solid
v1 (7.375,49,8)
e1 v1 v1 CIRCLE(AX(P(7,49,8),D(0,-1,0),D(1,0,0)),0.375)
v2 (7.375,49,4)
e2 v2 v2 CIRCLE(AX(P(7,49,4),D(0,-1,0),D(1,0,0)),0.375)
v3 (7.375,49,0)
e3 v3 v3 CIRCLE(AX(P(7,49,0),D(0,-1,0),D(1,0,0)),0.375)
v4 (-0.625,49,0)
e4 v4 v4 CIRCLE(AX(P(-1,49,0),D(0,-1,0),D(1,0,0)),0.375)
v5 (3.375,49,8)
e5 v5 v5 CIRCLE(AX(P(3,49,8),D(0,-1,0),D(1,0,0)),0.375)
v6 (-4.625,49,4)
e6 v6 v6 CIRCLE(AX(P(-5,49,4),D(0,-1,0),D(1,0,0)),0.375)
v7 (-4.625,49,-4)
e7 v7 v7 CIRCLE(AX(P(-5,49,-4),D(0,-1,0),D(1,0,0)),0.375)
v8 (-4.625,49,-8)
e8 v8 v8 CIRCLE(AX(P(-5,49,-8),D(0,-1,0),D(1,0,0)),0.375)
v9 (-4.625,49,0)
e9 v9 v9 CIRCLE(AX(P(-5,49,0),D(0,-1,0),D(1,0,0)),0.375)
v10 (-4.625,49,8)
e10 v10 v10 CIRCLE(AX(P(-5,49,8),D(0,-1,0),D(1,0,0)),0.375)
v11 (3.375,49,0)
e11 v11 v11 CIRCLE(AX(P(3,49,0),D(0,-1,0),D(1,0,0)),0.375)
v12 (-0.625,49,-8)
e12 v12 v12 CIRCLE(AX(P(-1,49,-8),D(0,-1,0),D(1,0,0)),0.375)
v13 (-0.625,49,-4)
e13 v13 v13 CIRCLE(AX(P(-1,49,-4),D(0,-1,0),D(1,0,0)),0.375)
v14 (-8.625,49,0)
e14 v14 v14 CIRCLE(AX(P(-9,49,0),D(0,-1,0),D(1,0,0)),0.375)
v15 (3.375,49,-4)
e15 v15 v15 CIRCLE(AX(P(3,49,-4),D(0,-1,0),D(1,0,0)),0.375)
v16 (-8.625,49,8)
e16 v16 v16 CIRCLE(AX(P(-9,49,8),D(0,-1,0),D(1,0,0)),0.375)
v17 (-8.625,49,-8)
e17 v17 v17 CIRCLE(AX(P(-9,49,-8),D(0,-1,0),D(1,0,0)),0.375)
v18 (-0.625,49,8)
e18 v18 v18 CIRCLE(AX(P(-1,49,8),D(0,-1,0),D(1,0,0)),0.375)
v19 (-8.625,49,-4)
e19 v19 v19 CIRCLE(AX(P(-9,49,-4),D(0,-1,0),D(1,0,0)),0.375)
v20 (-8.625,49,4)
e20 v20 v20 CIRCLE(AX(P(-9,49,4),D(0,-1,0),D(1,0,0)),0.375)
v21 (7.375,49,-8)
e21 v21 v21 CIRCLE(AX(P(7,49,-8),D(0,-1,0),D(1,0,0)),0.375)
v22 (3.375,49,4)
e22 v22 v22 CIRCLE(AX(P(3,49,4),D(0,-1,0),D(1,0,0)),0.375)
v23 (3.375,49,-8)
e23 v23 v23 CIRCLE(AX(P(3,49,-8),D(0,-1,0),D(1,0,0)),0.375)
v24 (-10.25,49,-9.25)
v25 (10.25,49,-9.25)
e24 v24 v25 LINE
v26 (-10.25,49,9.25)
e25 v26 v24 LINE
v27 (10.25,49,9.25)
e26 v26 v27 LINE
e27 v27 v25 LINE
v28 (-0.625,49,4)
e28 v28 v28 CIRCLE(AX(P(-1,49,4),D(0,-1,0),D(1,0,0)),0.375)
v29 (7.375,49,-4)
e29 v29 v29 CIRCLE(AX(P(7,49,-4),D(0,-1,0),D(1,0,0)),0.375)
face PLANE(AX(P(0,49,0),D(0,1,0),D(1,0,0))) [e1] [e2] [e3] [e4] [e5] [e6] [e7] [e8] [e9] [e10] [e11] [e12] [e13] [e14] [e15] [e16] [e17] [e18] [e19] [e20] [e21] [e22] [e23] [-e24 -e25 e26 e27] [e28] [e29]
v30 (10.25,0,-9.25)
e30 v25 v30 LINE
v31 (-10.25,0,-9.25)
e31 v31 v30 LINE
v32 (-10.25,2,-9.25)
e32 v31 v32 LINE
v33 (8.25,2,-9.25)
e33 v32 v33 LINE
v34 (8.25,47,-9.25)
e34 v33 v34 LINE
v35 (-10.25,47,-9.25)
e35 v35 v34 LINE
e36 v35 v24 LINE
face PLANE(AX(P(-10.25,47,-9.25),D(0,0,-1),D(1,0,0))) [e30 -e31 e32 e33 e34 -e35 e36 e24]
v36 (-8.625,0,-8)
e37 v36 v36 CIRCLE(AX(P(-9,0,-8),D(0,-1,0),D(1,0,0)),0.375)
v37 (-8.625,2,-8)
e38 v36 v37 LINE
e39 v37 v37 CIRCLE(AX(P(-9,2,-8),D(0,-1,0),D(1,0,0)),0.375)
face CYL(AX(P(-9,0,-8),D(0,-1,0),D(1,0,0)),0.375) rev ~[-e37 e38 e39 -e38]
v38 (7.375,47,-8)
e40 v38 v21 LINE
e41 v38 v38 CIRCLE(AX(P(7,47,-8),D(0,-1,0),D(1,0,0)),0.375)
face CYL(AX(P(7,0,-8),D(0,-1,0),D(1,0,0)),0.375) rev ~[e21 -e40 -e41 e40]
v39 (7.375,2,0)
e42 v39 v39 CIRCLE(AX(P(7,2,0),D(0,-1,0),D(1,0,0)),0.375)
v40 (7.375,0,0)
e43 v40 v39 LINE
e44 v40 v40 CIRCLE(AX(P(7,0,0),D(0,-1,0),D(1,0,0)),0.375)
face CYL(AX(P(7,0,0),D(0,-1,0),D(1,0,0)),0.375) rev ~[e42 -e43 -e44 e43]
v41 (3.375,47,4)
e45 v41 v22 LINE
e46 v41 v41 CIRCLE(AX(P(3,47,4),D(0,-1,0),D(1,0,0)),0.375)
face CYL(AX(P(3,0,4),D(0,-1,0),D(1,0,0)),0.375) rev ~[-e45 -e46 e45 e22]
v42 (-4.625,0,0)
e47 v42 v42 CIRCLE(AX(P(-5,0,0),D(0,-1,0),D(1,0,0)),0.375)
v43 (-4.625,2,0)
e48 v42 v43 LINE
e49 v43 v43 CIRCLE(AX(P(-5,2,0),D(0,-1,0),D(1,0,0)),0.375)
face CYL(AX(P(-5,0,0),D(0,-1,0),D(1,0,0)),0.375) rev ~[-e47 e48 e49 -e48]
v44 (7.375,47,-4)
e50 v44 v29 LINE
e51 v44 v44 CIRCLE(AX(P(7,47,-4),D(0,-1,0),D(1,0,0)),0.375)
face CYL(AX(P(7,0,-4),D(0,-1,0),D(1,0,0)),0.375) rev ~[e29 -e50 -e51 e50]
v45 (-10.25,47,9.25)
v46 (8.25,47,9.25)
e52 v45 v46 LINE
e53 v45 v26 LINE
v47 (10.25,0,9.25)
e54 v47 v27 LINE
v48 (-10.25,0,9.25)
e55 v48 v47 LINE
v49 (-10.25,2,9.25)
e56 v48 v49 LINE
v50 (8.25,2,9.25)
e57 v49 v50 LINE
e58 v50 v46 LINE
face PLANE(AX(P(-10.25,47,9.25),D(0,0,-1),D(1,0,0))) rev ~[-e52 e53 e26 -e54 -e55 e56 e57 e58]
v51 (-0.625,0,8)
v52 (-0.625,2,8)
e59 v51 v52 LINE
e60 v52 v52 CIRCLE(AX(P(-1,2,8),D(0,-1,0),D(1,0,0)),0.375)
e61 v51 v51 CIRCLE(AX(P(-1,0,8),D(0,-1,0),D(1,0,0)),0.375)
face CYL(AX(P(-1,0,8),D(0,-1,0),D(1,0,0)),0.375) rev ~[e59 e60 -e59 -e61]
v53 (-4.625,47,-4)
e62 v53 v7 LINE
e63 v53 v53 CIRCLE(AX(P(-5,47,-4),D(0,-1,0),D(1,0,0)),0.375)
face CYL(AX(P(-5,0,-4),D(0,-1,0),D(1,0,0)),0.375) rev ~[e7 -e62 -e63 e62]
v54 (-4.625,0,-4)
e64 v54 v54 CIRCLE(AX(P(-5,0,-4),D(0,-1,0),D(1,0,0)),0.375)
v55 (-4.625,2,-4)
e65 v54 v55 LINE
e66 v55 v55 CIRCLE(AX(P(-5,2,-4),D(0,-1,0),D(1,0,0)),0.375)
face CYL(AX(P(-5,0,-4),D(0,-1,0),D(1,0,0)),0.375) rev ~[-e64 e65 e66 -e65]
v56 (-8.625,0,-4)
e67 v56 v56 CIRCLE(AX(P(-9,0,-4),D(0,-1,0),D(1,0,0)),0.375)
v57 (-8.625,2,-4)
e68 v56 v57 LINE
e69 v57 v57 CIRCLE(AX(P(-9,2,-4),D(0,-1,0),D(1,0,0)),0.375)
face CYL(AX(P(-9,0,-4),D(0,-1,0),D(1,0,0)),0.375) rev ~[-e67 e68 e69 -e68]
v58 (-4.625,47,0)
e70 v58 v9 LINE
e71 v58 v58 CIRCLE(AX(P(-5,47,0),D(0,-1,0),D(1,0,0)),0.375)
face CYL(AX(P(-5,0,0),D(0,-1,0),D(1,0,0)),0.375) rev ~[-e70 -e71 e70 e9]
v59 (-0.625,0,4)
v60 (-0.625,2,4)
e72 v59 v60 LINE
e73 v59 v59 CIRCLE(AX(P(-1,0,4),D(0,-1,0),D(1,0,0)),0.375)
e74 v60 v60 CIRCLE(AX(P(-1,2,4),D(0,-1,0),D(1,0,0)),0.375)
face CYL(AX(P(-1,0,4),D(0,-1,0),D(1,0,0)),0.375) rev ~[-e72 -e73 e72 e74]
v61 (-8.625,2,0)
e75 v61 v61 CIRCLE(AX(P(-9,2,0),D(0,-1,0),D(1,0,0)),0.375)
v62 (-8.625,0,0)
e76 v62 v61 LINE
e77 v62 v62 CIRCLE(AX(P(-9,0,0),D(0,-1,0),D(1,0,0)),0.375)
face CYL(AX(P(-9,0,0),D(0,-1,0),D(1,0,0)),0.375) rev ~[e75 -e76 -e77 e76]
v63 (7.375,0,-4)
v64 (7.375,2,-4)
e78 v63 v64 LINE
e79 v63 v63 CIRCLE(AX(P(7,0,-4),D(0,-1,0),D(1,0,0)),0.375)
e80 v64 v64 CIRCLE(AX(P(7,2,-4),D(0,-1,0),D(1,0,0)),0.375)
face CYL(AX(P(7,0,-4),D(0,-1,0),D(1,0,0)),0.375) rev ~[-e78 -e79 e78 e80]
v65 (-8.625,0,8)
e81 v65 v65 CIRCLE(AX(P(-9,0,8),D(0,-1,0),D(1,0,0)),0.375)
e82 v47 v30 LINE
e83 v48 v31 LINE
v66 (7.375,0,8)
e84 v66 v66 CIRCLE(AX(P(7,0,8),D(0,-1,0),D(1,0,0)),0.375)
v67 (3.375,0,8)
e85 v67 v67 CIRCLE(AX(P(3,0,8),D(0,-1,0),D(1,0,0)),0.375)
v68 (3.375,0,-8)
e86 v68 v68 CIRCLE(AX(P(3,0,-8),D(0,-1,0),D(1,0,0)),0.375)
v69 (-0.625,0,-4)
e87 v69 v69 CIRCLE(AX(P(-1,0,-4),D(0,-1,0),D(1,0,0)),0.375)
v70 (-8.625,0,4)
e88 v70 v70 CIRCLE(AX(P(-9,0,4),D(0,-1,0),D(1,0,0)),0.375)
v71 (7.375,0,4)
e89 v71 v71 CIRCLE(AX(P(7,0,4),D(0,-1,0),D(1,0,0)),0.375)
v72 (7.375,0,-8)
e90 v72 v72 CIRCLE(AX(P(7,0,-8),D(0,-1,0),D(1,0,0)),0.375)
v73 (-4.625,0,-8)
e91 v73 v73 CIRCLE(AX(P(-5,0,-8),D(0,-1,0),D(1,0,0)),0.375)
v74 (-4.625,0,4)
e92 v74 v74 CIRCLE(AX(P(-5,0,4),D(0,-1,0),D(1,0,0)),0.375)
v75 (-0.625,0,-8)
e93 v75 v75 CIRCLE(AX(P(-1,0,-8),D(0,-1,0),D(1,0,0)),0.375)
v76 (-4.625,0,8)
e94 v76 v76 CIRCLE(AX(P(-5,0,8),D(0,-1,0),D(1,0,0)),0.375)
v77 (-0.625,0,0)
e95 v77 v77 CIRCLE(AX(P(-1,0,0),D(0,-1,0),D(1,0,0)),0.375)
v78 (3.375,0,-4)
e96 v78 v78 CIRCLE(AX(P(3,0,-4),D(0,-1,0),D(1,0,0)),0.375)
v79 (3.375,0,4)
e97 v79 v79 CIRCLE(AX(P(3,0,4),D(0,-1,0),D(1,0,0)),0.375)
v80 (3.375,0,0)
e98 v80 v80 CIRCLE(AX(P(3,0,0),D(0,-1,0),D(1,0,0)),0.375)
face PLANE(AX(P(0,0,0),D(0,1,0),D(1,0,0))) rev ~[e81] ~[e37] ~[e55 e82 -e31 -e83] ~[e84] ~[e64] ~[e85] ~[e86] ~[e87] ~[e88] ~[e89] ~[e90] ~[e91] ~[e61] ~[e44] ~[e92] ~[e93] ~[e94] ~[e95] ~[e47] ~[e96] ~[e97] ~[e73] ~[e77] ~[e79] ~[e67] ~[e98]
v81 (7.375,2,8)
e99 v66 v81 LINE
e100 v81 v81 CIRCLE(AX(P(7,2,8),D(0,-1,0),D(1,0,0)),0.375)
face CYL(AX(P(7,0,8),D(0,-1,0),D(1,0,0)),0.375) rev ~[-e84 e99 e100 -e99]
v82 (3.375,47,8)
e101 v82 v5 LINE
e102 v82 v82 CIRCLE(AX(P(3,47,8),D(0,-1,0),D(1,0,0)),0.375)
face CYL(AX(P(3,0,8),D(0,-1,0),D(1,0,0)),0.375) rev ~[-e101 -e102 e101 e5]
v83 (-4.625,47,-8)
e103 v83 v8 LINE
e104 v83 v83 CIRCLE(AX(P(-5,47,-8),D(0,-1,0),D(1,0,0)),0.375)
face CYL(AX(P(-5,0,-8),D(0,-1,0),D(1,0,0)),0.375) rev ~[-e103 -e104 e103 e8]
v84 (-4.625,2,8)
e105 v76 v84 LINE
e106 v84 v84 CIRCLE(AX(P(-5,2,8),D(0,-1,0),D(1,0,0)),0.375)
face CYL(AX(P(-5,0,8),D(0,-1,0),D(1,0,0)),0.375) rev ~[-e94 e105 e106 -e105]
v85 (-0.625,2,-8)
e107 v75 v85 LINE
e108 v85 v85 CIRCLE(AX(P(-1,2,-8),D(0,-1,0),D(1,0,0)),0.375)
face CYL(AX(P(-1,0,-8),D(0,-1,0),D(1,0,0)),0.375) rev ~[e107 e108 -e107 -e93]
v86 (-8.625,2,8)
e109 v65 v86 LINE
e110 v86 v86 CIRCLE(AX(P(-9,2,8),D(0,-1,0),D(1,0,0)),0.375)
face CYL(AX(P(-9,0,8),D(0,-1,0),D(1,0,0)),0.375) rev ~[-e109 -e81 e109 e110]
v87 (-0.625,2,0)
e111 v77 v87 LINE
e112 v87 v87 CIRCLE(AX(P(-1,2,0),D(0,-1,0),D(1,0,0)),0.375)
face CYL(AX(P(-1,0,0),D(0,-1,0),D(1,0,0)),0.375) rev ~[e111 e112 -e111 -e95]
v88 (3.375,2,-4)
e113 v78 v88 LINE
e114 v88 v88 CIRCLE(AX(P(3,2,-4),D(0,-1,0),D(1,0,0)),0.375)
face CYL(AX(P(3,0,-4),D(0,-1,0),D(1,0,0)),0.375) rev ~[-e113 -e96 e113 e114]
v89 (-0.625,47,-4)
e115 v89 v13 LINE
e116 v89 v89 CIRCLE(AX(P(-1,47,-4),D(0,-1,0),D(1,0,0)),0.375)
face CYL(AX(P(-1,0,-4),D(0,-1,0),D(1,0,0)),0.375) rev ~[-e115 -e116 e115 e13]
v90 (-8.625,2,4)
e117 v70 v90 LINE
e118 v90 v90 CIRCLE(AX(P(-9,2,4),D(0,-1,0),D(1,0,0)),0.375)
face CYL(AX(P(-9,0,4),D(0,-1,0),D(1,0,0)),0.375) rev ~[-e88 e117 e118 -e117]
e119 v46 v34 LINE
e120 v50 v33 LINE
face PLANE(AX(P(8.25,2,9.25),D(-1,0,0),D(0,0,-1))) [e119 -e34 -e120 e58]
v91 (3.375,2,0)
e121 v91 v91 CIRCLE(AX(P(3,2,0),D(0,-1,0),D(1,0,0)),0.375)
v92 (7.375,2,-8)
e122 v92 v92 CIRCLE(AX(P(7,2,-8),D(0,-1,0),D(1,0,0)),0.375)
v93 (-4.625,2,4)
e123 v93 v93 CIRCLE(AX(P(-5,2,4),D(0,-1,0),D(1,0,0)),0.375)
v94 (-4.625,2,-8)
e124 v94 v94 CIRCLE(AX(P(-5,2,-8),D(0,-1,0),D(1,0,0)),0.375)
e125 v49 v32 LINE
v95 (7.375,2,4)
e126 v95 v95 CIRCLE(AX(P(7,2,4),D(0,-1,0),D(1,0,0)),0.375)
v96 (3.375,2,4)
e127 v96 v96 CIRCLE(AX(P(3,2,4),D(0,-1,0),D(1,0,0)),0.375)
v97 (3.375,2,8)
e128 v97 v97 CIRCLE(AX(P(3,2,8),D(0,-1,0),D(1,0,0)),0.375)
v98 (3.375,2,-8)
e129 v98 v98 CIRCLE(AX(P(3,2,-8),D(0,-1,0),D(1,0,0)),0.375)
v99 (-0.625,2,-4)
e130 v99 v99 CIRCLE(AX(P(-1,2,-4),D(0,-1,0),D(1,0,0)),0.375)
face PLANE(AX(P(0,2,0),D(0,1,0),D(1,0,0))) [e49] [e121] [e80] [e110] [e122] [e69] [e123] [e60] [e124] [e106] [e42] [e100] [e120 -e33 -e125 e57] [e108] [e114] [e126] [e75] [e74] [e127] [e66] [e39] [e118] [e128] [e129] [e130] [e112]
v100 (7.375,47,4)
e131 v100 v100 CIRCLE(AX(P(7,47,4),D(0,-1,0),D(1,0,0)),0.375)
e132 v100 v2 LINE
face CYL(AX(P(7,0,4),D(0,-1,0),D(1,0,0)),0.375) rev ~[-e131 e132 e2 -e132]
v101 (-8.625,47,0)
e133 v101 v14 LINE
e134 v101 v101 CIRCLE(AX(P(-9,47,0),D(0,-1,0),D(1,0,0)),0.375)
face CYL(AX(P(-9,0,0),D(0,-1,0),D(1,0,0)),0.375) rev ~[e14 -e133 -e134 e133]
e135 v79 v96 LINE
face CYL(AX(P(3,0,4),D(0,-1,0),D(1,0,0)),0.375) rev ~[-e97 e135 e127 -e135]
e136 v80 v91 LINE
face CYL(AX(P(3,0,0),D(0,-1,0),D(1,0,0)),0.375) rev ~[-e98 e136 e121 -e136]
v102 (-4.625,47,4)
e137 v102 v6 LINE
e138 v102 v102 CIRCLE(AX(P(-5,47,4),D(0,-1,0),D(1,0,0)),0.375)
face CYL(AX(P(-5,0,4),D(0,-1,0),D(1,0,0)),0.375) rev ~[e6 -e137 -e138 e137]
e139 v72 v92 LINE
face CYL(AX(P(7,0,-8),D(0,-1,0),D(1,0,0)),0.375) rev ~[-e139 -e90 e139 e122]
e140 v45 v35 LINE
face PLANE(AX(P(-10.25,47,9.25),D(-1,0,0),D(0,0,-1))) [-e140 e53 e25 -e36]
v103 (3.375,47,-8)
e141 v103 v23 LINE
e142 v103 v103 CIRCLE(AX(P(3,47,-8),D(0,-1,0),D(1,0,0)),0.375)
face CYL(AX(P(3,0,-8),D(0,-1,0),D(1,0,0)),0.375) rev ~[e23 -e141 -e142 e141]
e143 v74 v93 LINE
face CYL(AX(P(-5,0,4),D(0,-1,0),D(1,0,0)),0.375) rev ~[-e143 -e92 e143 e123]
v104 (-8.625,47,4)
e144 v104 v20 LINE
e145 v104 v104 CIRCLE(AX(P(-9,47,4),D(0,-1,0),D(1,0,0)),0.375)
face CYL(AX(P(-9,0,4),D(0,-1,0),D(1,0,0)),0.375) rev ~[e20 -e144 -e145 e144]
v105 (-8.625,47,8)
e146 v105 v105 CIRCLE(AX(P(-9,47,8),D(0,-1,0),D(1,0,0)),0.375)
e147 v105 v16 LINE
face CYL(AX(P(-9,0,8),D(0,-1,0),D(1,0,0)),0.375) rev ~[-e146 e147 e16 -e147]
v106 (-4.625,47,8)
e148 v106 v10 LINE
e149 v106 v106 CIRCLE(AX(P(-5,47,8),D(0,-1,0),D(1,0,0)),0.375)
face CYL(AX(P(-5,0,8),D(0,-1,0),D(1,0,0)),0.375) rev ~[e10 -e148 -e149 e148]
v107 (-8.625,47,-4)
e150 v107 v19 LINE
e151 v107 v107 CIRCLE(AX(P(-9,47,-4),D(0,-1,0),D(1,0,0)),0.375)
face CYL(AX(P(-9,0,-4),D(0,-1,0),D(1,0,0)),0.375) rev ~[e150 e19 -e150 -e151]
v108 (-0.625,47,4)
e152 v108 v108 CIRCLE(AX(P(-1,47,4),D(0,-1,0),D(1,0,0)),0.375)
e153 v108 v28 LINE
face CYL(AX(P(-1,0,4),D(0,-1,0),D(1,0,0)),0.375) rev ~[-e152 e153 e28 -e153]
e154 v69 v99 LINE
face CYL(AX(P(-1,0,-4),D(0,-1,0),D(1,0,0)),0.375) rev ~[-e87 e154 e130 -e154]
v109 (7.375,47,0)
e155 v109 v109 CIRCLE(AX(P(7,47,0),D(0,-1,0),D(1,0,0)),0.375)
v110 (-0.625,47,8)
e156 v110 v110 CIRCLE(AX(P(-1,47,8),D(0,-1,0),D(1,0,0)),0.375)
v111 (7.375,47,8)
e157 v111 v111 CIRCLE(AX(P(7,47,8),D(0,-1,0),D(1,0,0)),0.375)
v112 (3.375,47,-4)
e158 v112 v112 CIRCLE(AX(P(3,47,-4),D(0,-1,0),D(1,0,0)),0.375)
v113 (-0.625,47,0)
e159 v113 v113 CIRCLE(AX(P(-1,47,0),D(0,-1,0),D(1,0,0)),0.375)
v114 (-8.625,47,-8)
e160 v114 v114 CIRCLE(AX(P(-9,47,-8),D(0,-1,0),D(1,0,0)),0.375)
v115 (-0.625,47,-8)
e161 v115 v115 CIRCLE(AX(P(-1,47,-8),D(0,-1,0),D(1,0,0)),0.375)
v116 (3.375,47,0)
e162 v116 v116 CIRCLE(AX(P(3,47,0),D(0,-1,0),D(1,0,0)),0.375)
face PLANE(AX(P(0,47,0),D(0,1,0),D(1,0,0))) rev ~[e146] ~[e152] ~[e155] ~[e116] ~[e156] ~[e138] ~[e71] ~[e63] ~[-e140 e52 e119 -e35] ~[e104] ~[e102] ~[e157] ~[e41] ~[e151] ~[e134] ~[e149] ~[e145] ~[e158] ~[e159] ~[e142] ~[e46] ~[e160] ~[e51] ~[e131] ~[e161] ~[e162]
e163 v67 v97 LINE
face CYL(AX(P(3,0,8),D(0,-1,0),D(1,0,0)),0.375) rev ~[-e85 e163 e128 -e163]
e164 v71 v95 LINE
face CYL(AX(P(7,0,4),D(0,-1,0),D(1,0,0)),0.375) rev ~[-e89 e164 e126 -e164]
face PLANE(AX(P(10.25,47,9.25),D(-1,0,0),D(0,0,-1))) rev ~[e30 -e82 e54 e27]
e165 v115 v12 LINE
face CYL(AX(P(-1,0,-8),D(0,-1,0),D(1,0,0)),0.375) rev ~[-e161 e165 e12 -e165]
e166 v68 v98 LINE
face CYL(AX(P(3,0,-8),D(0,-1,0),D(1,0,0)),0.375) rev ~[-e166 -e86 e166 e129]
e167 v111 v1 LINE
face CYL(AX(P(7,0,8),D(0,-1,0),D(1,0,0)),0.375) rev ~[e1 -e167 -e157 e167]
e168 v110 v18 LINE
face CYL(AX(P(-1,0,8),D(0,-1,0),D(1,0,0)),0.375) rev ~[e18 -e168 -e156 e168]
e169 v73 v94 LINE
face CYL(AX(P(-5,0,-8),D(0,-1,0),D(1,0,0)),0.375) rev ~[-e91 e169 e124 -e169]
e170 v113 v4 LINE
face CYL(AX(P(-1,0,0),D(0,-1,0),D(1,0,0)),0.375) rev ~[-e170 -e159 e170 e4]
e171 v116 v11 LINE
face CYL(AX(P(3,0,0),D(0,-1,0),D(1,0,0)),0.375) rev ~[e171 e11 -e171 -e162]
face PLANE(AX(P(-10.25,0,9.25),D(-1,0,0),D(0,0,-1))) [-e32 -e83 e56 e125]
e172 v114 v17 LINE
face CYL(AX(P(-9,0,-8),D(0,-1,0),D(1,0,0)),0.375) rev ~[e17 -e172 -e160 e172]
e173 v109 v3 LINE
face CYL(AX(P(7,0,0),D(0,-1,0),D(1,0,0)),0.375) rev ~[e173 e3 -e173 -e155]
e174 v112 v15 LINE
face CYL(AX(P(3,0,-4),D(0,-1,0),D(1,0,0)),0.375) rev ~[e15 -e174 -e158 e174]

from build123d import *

# Parameters (mm, degrees)
SKETCH1_W           = 20.5
SKETCH1_H           = 18.5
BOSS_EXTRUDE1_DEPTH = 2
SKETCH2_W           = 2
SKETCH2_H           = 18.5
BOSS_EXTRUDE2_DEPTH = 45
SKETCH4_W           = 20.5
SKETCH4_H           = 18.5
BOSS_EXTRUDE3_DEPTH = 2
SKETCH3_R           = 0.375
CUT_EXTRUDE1_DEPTH  = 50


with BuildPart() as part:
    # Sketch1 → Boss-Extrude1 (new body)
    with BuildSketch(Plane(origin=(0, 0, 0), x_dir=(1, 0, 0), z_dir=(0, 1, 0))):
        Rectangle(SKETCH1_W, SKETCH1_H)
    extrude(amount=BOSS_EXTRUDE1_DEPTH)

    # Sketch2 → Boss-Extrude2 (add)
    with BuildSketch(Plane(origin=(0, 2, 0), x_dir=(1, 0, 0), z_dir=(0, 1, 0))):
        with Locations((9.25, 0)):
            Rectangle(SKETCH2_W, SKETCH2_H)
    extrude(amount=BOSS_EXTRUDE2_DEPTH)

    # Sketch4 → Boss-Extrude3 (add)
    with BuildSketch(Plane(origin=(0, 47, 0), x_dir=(1, 0, 0), z_dir=(0, 1, 0))):
        Rectangle(SKETCH4_W, SKETCH4_H)
    extrude(amount=BOSS_EXTRUDE3_DEPTH)

    # Sketch3 → Cut-Extrude1 (cut, through all)
    with BuildSketch(Plane.XZ):
        with Locations((-9, 8)):
            Circle(SKETCH3_R)
        with Locations((-5, 8)):
            Circle(SKETCH3_R)
        with Locations((-1, 8)):
            Circle(SKETCH3_R)
        with Locations((3, 8)):
            Circle(SKETCH3_R)
        with Locations((7, 8)):
            Circle(SKETCH3_R)
        with Locations((-5, 4)):
            Circle(SKETCH3_R)
        with Locations((-1, 4)):
            Circle(SKETCH3_R)
        with Locations((3, 4)):
            Circle(SKETCH3_R)
        with Locations((7, 4)):
            Circle(SKETCH3_R)
        with Locations((-5, 0)):
            Circle(SKETCH3_R)
        with Locations((-1, 0)):
            Circle(SKETCH3_R)
        with Locations((3, 0)):
            Circle(SKETCH3_R)
        with Locations((7, 0)):
            Circle(SKETCH3_R)
        with Locations((-5, -4)):
            Circle(SKETCH3_R)
        with Locations((-1, -4)):
            Circle(SKETCH3_R)
        with Locations((3, -4)):
            Circle(SKETCH3_R)
        with Locations((7, -4)):
            Circle(SKETCH3_R)
        with Locations((-5, -8)):
            Circle(SKETCH3_R)
        with Locations((-1, -8)):
            Circle(SKETCH3_R)
        with Locations((3, -8)):
            Circle(SKETCH3_R)
        with Locations((7, -8)):
            Circle(SKETCH3_R)
        with Locations((-5, -12)):
            Circle(SKETCH3_R)
        with Locations((-1, -12)):
            Circle(SKETCH3_R)
        with Locations((3, -12)):
            Circle(SKETCH3_R)
        with Locations((7, -12)):
            Circle(SKETCH3_R)
        with Locations((-9, 4)):
            Circle(SKETCH3_R)
        with Locations((-9, 0)):
            Circle(SKETCH3_R)
        with Locations((-9, -4)):
            Circle(SKETCH3_R)
        with Locations((-9, -8)):
            Circle(SKETCH3_R)
        with Locations((-9, -12)):
            Circle(SKETCH3_R)
    extrude(amount=-CUT_EXTRUDE1_DEPTH, mode=Mode.SUBTRACT)


solid = part.part
